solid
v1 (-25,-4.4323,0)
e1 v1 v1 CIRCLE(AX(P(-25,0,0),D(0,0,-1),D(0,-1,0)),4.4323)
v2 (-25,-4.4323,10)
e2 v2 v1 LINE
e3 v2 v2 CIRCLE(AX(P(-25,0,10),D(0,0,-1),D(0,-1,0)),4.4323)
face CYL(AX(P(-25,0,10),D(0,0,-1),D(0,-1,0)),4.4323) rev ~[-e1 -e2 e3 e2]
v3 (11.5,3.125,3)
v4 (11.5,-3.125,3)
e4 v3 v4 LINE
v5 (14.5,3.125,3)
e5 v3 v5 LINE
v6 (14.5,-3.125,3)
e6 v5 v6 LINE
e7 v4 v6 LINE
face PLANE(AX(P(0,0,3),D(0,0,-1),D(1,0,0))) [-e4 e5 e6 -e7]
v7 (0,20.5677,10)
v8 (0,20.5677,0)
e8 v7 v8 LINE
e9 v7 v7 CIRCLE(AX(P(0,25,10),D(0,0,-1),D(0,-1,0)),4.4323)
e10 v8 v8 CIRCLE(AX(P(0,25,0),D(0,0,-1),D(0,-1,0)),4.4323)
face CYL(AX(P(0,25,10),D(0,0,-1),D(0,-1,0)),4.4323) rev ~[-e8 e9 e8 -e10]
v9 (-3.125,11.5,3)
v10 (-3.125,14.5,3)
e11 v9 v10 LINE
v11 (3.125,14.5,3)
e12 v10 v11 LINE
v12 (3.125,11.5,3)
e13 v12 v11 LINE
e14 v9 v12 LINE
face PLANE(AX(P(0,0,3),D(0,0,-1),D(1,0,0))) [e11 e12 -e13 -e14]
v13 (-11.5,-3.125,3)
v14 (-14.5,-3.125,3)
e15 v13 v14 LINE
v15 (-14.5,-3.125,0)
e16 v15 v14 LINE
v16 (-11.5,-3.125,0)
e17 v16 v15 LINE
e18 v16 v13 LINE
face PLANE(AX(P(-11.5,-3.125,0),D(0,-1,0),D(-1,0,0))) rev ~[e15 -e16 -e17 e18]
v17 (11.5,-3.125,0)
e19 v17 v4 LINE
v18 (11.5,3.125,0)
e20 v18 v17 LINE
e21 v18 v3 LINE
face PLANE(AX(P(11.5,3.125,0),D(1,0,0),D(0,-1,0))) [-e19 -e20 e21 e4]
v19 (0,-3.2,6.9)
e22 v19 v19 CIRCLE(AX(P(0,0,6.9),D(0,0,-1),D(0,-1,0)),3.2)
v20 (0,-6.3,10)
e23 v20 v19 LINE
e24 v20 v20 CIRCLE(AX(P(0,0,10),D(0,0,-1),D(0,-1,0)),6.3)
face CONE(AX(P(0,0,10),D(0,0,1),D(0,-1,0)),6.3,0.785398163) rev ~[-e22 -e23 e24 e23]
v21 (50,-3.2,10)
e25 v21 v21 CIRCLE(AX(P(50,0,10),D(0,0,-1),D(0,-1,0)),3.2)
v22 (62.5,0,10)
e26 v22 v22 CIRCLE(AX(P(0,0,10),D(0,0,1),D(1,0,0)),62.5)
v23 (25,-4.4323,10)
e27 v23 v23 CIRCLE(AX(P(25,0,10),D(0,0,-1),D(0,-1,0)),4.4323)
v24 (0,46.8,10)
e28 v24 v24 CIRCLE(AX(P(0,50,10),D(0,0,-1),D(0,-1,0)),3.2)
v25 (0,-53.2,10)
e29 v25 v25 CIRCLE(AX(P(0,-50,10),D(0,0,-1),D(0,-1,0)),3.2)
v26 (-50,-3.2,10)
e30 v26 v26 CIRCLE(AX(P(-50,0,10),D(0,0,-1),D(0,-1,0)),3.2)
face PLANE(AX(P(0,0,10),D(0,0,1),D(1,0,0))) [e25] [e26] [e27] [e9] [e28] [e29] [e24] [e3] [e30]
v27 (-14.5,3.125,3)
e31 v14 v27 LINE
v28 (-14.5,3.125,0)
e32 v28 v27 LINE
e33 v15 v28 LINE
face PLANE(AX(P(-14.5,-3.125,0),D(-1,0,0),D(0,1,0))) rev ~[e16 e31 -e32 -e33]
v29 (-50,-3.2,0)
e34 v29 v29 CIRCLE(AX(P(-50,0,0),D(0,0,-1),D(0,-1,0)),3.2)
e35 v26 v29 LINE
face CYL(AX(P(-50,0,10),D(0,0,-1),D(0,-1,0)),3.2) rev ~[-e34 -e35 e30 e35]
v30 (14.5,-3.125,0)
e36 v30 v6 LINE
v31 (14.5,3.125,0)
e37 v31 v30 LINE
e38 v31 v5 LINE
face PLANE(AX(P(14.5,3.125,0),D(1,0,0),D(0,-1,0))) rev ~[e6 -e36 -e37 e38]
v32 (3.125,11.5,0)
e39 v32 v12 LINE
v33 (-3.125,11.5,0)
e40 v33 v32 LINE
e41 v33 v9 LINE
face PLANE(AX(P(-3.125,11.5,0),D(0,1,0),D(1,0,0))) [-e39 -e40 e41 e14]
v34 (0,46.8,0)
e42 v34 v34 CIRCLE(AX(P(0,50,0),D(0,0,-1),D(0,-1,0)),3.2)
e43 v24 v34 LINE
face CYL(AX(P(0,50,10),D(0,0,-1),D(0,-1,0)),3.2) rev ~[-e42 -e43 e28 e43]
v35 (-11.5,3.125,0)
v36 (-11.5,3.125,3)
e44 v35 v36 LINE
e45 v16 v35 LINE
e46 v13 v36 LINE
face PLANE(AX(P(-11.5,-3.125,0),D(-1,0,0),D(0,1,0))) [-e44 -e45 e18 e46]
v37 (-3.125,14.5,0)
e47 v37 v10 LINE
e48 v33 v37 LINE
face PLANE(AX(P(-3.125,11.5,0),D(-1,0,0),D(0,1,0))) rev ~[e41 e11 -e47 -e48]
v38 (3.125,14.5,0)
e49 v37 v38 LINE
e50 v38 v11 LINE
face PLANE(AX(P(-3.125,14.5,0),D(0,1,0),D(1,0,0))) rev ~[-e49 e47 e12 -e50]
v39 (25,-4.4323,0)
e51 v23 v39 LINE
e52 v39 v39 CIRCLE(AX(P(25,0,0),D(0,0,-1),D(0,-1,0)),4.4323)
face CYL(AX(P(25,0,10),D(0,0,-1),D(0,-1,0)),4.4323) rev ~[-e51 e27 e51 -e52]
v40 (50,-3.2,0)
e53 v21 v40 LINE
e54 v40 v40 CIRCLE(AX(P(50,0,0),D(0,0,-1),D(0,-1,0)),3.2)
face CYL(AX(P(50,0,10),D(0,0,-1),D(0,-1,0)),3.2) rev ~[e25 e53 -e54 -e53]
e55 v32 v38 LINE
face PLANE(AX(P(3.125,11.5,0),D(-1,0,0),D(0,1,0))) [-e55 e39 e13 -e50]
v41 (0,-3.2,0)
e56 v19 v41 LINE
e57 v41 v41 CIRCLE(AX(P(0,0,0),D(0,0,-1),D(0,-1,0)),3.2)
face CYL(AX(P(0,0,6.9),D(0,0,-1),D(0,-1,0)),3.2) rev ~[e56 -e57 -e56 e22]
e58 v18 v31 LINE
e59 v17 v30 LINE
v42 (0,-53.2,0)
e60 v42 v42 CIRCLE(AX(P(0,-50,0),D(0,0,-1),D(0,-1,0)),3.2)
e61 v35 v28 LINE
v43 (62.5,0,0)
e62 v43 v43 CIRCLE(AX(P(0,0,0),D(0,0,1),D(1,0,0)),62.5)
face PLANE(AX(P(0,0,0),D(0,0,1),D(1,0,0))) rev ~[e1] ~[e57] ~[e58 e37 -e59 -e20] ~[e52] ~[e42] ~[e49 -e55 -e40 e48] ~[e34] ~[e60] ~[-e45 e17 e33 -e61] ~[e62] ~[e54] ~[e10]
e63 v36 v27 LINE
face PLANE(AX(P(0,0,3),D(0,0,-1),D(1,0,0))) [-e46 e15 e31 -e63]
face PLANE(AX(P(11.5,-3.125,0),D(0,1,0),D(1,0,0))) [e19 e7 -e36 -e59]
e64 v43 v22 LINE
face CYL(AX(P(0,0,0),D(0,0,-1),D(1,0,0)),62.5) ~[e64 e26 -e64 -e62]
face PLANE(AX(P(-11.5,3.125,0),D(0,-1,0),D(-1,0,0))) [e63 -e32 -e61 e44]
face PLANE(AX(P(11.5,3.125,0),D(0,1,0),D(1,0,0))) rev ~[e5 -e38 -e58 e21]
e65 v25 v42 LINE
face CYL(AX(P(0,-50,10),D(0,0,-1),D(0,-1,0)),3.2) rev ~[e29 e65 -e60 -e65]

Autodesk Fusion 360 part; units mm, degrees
sketch "Sketch3" plane through (0, 0, 0) normal (0, 0, 1) x (1, 0, 0)
  circle A0 centre (0, 0) radius 62.5
  dimension "d12" = 125
extrude "Extrude2" add sketch "Sketch3" along normal blind 10
sketch "Sketch4" plane through (0, 0, 10) normal (0, 0, 1) x (-1, 0, 0)
  circle A0 centre (0, 0) radius 62.5
  line L0 (0, 0) -> (0, -25)
  line L1 (0, -25) -> (0, -50)
  line L2 (0, 0) -> (25, 0)
  line L3 (25, 0) -> (50, 0)
  line L4 (0, 0) -> (-25, 0)
  line L5 (-25, 0) -> (-50, 0)
  line L6 (0, 0) -> (0, 25)
  line L7 (0, 25) -> (0, 50)
  point P0 (-25, 0)
  point P1 (25, 0)
  point P2 (0, -25)
  point P3 (0, -50)
  point P4 (-50, 0)
  point P5 (50, 0)
  point P6 (0, 50)
  point P7 (0, 25)
  dimension "d15" = 25
hole "Hole2" at (25, 0, 10) at (-25, 0, 10) at (0, 25, 10) direction (0, 0, -1) diameter 8.8646 end through all
hole "Hole3" at (0, 50, 10) at (50, 0, 10) at (0, -50, 10) at (-50, 0, 10) direction (0, 0, -1) diameter 6.4 end through all
hole "Hole4" at (0, 0, 10) direction (0, 0, -1) diameter 6.4 end through all countersink diameter 12.6 countersink angle 90
sketch "Sketch5" plane through (0, 0, 0) normal (0, 0, -1) x (1, 0, 0)
  circle A0 centre (0, 0) radius 3.2
  circle A1 centre (0, 50) radius 3.2
  circle A2 centre (0, -50) radius 3.2
  circle A3 centre (50, 0) radius 3.2
  circle A4 centre (-50, 0) radius 3.2
  circle A5 centre (25, 0) radius 4.4323
  circle A6 centre (-25, 0) radius 4.4323
  circle A7 centre (0, 0) radius 62.5
  line L0 (0, 0) -> (11.5, 0) construction
  line L1 (11.5, 0) -> (14.5, 0) construction
  line L2 (11.5, -3.125) -> (14.5, -3.125)
  line L3 (11.5, 3.125) -> (14.5, 3.125)
  line L4 (14.5, -3.125) -> (14.5, 3.125)
  line L5 (11.5, -3.125) -> (11.5, 3.125)
  circle A8 centre (0, -25) radius 4.4323
  line L6 (3.125, 11.5) -> (-3.125, 11.5)
  line L7 (3.125, 14.5) -> (-3.125, 14.5)
  line L8 (-3.125, 11.5) -> (-3.125, 14.5)
  line L9 (0, 11.5) -> (0, 14.5) construction
  line L10 (3.125, 11.5) -> (3.125, 14.5)
  line L11 (0, 0) -> (0, 11.5) construction
  line L12 (-11.5, 3.125) -> (-11.5, -3.125)
  line L13 (-14.5, 3.125) -> (-14.5, -3.125)
  line L14 (-11.5, -3.125) -> (-14.5, -3.125)
  line L15 (-11.5, 0) -> (-14.5, 0) construction
  line L16 (-11.5, 3.125) -> (-14.5, 3.125)
  line L17 (0, 0) -> (-11.5, 0) construction
  line L18 (-3.125, -11.5) -> (3.125, -11.5)
  line L19 (-3.125, -14.5) -> (3.125, -14.5)
  line L20 (3.125, -11.5) -> (3.125, -14.5)
  line L21 (0, -11.5) -> (0, -14.5) construction
  line L22 (-3.125, -11.5) -> (-3.125, -14.5)
  line L23 (0, 0) -> (0, -11.5) construction
  point P0 (0, 25)
  point P1 (-25, 0)
  point P2 (0, -25)
  dimension "d28" = 3
  dimension "d29" = 11.5
  dimension "d30" = 3.125
  dimension "d31" = -3.125
  dimension "d37" = 360
extrude "Extrude3" cut sketch "Sketch5" against normal blind 3 contours L2 L3 L4 L5 | L12 L13 L14 L16 | L18 L19 L20 L22
equation "thickness = 15 mm"
equation "height = 60 mm"
equation "hole_hole_dist = 25 mm"
equation "d30 = ( 6.25 / 2 ) * 1 mm"
equation "d31 = -d30"
